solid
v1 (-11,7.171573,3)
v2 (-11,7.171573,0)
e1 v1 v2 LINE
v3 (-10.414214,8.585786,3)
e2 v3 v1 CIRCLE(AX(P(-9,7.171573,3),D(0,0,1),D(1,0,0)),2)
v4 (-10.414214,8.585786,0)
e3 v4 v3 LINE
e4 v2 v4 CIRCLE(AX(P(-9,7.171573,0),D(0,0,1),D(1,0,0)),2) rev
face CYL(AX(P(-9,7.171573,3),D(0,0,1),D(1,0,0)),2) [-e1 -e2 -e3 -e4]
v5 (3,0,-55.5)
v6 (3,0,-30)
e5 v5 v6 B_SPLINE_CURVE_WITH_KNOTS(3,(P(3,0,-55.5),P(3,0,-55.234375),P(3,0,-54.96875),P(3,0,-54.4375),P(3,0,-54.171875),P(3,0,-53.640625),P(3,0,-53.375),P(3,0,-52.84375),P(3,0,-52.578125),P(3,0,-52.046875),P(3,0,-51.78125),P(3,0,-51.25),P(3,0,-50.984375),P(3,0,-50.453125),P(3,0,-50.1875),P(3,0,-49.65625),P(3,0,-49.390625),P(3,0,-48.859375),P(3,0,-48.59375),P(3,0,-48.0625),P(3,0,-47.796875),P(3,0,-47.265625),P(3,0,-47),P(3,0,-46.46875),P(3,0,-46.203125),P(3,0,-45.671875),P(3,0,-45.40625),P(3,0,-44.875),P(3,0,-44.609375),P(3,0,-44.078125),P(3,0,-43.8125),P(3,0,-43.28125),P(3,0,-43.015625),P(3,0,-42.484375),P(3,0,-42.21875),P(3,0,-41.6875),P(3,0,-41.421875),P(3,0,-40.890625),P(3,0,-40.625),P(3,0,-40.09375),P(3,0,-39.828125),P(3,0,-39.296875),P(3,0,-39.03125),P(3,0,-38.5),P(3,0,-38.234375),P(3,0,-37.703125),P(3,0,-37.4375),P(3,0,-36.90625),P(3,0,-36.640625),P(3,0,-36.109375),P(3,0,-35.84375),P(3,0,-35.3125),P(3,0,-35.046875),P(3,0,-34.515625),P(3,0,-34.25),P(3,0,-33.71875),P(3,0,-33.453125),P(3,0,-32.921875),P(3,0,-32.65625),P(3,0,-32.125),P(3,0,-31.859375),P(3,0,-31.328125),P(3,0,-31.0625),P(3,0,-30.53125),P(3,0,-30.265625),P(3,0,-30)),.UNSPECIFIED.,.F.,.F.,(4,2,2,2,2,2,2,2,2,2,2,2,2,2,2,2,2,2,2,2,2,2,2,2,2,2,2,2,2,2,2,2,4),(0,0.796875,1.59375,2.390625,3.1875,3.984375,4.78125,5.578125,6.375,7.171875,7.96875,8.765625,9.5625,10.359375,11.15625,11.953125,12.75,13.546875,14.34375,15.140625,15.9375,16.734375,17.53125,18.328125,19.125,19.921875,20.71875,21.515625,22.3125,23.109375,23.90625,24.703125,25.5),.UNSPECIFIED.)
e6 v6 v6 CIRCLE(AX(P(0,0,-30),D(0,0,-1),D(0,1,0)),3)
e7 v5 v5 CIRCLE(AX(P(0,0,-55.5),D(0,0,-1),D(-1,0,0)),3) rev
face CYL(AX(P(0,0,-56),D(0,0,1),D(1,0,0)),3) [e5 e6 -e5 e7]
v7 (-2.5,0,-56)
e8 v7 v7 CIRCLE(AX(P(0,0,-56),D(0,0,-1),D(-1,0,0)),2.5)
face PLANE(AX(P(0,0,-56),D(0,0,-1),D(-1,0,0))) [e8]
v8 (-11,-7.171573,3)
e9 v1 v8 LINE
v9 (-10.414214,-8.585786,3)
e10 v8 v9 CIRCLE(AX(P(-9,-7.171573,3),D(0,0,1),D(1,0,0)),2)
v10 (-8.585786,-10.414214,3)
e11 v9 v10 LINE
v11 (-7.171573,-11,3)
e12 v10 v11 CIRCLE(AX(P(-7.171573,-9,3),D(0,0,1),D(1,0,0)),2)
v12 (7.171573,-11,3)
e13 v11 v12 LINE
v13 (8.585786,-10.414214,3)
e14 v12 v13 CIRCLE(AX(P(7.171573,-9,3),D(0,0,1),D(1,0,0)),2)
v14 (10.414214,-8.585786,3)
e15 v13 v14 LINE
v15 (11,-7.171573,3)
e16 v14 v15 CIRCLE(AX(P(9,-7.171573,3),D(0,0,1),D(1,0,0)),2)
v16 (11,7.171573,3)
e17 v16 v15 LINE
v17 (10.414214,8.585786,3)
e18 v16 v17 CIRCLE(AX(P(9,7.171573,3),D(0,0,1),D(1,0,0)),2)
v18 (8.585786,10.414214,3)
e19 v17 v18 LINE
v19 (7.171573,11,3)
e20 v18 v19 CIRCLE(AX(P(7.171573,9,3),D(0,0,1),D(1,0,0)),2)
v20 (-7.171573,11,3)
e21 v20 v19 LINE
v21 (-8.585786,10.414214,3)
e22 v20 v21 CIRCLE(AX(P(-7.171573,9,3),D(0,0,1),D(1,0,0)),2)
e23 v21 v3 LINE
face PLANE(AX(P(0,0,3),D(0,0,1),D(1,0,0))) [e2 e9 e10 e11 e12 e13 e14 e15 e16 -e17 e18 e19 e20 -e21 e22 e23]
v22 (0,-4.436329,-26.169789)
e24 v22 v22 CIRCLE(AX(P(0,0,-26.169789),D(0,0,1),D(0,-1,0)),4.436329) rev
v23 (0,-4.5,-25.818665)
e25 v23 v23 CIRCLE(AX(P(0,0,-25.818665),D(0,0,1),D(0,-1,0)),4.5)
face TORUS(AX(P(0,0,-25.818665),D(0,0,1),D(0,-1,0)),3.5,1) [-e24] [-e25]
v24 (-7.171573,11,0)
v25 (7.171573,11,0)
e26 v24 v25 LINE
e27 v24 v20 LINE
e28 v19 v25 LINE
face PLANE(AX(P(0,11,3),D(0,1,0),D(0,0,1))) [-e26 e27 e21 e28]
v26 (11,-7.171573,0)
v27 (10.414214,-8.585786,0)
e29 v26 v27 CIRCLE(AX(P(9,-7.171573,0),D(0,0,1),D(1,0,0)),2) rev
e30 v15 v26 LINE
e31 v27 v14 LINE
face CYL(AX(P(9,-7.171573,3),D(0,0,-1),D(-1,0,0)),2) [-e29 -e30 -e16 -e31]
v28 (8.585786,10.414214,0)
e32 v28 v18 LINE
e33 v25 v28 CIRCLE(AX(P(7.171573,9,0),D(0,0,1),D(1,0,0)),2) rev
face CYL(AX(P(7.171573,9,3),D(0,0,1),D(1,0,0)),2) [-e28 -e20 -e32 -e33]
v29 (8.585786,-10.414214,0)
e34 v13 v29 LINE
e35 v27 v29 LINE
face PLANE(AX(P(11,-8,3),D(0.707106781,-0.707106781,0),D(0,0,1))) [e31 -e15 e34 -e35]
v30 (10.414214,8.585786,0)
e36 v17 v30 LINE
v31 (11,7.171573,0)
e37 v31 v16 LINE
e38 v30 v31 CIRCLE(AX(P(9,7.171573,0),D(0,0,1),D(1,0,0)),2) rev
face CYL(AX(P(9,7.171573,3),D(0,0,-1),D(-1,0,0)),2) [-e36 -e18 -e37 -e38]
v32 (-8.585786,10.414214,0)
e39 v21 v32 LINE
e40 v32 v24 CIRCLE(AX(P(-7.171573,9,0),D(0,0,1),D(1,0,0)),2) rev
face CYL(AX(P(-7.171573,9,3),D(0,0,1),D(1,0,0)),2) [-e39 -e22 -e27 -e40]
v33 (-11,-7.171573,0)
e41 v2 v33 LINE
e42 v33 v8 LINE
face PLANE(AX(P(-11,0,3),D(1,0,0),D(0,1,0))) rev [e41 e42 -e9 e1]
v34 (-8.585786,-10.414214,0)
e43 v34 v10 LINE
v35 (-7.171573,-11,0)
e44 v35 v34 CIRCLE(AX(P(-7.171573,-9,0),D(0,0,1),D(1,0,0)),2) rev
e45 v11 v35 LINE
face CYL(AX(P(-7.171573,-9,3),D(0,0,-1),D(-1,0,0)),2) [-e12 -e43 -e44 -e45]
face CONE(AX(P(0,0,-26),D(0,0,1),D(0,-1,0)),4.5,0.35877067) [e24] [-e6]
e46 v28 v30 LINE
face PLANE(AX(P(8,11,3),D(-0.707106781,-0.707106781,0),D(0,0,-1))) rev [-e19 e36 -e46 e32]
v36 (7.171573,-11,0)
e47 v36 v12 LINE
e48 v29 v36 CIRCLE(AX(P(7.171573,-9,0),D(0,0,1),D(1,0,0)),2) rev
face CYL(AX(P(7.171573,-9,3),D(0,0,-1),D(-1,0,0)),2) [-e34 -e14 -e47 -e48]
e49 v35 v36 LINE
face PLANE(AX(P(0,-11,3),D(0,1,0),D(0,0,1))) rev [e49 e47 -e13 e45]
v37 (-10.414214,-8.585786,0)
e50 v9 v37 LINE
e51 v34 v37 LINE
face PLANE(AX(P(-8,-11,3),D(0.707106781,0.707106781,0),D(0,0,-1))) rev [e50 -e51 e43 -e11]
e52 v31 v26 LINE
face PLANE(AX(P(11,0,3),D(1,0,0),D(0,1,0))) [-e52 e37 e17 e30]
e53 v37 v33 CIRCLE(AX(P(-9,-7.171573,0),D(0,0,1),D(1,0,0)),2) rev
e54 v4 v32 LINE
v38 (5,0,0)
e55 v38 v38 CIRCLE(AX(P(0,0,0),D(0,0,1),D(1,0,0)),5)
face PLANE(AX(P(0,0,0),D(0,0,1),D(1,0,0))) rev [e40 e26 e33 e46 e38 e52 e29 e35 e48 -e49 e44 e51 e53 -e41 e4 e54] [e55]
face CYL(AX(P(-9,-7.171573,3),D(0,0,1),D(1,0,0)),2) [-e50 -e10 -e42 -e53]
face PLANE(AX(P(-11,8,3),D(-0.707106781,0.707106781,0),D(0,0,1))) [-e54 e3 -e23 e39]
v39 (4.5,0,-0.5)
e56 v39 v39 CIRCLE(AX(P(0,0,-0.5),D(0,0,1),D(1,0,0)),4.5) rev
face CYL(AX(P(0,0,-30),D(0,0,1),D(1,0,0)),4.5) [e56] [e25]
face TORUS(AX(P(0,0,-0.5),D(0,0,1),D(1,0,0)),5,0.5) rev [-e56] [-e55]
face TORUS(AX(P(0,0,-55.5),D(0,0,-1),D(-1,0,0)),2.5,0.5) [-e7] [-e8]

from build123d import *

# Parameters (mm, degrees)
SKETCH1_W           = 22
SKETCH1_H           = 22
BOSS_EXTRUDE1_DEPTH = 3
SKETCH1_3_R         = 4.5
BOSS_EXTRUDE2_DEPTH = 30
SKETCH2_R           = 3
BOSS_EXTRUDE3_DEPTH = 26
FILLET1_R           = 0.5
FILLET4_R           = 0.5
FILLET5_R           = 1
CHAMFER2_SIZE       = 3
FILLET7_R           = 2


with BuildPart() as part:
    # Sketch1 → Boss-Extrude1 (new body)
    with BuildSketch(Plane.XY):
        Rectangle(SKETCH1_W, SKETCH1_H)
    extrude(amount=BOSS_EXTRUDE1_DEPTH)

    # Sketch1<3> → Boss-Extrude2 (add)
    with BuildSketch(Plane.XY):
        Circle(SKETCH1_3_R)
    extrude(amount=-BOSS_EXTRUDE2_DEPTH)

    # Sketch2 → Boss-Extrude3 (add)
    with BuildSketch(Plane(origin=(0, 0, -30), x_dir=(-1, 0, 0), z_dir=(0, 0, -1))):
        Circle(SKETCH2_R)
    extrude(amount=BOSS_EXTRUDE3_DEPTH)

    # Sketch3 → Cut-Revolve1 (revolve, cut)
    with BuildSketch(Plane(origin=(0, 0, 0), x_dir=(0, 0, -1), z_dir=(1, 0, 0))):
        Polygon((30, 3), (26, 4.5), (30, 4.5), align=None)
    revolve(axis=Axis((0, 0, -30), (0, 0, 1)), mode=Mode.SUBTRACT)

    # Fillet1
    fillet1_edges = [part.edges().sort_by_distance(p)[0] for p in [
        (-4.5, 0, 0),
    ]]
    fillet(fillet1_edges, radius=FILLET1_R)

    # Fillet4
    fillet4_edges = [part.edges().sort_by_distance(p)[0] for p in [
        (3, 0, -56),
    ]]
    fillet(fillet4_edges, radius=FILLET4_R)

    # Fillet5
    fillet5_edges = [part.edges().sort_by_distance(p)[0] for p in [
        (-3.181980515, -3.181980515, -26),
    ]]
    fillet(fillet5_edges, radius=FILLET5_R)

    # Chamfer2
    chamfer2_edges = [part.edges().sort_by_distance(p)[0] for p in [
        (11, 11, 1.5),
        (-11, 11, 1.5),
        (-11, -11, 1.5),
        (11, -11, 1.5),
    ]]
    chamfer(chamfer2_edges, length=CHAMFER2_SIZE)

    # Fillet7
    fillet7_edges = [part.edges().sort_by_distance(p)[0] for p in [
        (8, -11, 1.5),
        (11, -8, 1.5),
        (-11, -8, 1.5),
        (-8, -11, 1.5),
        (-11, 8, 1.5),
        (-8, 11, 1.5),
        (11, 8, 1.5),
        (8, 11, 1.5),
    ]]
    fillet(fillet7_edges, radius=FILLET7_R)


solid = part.part
